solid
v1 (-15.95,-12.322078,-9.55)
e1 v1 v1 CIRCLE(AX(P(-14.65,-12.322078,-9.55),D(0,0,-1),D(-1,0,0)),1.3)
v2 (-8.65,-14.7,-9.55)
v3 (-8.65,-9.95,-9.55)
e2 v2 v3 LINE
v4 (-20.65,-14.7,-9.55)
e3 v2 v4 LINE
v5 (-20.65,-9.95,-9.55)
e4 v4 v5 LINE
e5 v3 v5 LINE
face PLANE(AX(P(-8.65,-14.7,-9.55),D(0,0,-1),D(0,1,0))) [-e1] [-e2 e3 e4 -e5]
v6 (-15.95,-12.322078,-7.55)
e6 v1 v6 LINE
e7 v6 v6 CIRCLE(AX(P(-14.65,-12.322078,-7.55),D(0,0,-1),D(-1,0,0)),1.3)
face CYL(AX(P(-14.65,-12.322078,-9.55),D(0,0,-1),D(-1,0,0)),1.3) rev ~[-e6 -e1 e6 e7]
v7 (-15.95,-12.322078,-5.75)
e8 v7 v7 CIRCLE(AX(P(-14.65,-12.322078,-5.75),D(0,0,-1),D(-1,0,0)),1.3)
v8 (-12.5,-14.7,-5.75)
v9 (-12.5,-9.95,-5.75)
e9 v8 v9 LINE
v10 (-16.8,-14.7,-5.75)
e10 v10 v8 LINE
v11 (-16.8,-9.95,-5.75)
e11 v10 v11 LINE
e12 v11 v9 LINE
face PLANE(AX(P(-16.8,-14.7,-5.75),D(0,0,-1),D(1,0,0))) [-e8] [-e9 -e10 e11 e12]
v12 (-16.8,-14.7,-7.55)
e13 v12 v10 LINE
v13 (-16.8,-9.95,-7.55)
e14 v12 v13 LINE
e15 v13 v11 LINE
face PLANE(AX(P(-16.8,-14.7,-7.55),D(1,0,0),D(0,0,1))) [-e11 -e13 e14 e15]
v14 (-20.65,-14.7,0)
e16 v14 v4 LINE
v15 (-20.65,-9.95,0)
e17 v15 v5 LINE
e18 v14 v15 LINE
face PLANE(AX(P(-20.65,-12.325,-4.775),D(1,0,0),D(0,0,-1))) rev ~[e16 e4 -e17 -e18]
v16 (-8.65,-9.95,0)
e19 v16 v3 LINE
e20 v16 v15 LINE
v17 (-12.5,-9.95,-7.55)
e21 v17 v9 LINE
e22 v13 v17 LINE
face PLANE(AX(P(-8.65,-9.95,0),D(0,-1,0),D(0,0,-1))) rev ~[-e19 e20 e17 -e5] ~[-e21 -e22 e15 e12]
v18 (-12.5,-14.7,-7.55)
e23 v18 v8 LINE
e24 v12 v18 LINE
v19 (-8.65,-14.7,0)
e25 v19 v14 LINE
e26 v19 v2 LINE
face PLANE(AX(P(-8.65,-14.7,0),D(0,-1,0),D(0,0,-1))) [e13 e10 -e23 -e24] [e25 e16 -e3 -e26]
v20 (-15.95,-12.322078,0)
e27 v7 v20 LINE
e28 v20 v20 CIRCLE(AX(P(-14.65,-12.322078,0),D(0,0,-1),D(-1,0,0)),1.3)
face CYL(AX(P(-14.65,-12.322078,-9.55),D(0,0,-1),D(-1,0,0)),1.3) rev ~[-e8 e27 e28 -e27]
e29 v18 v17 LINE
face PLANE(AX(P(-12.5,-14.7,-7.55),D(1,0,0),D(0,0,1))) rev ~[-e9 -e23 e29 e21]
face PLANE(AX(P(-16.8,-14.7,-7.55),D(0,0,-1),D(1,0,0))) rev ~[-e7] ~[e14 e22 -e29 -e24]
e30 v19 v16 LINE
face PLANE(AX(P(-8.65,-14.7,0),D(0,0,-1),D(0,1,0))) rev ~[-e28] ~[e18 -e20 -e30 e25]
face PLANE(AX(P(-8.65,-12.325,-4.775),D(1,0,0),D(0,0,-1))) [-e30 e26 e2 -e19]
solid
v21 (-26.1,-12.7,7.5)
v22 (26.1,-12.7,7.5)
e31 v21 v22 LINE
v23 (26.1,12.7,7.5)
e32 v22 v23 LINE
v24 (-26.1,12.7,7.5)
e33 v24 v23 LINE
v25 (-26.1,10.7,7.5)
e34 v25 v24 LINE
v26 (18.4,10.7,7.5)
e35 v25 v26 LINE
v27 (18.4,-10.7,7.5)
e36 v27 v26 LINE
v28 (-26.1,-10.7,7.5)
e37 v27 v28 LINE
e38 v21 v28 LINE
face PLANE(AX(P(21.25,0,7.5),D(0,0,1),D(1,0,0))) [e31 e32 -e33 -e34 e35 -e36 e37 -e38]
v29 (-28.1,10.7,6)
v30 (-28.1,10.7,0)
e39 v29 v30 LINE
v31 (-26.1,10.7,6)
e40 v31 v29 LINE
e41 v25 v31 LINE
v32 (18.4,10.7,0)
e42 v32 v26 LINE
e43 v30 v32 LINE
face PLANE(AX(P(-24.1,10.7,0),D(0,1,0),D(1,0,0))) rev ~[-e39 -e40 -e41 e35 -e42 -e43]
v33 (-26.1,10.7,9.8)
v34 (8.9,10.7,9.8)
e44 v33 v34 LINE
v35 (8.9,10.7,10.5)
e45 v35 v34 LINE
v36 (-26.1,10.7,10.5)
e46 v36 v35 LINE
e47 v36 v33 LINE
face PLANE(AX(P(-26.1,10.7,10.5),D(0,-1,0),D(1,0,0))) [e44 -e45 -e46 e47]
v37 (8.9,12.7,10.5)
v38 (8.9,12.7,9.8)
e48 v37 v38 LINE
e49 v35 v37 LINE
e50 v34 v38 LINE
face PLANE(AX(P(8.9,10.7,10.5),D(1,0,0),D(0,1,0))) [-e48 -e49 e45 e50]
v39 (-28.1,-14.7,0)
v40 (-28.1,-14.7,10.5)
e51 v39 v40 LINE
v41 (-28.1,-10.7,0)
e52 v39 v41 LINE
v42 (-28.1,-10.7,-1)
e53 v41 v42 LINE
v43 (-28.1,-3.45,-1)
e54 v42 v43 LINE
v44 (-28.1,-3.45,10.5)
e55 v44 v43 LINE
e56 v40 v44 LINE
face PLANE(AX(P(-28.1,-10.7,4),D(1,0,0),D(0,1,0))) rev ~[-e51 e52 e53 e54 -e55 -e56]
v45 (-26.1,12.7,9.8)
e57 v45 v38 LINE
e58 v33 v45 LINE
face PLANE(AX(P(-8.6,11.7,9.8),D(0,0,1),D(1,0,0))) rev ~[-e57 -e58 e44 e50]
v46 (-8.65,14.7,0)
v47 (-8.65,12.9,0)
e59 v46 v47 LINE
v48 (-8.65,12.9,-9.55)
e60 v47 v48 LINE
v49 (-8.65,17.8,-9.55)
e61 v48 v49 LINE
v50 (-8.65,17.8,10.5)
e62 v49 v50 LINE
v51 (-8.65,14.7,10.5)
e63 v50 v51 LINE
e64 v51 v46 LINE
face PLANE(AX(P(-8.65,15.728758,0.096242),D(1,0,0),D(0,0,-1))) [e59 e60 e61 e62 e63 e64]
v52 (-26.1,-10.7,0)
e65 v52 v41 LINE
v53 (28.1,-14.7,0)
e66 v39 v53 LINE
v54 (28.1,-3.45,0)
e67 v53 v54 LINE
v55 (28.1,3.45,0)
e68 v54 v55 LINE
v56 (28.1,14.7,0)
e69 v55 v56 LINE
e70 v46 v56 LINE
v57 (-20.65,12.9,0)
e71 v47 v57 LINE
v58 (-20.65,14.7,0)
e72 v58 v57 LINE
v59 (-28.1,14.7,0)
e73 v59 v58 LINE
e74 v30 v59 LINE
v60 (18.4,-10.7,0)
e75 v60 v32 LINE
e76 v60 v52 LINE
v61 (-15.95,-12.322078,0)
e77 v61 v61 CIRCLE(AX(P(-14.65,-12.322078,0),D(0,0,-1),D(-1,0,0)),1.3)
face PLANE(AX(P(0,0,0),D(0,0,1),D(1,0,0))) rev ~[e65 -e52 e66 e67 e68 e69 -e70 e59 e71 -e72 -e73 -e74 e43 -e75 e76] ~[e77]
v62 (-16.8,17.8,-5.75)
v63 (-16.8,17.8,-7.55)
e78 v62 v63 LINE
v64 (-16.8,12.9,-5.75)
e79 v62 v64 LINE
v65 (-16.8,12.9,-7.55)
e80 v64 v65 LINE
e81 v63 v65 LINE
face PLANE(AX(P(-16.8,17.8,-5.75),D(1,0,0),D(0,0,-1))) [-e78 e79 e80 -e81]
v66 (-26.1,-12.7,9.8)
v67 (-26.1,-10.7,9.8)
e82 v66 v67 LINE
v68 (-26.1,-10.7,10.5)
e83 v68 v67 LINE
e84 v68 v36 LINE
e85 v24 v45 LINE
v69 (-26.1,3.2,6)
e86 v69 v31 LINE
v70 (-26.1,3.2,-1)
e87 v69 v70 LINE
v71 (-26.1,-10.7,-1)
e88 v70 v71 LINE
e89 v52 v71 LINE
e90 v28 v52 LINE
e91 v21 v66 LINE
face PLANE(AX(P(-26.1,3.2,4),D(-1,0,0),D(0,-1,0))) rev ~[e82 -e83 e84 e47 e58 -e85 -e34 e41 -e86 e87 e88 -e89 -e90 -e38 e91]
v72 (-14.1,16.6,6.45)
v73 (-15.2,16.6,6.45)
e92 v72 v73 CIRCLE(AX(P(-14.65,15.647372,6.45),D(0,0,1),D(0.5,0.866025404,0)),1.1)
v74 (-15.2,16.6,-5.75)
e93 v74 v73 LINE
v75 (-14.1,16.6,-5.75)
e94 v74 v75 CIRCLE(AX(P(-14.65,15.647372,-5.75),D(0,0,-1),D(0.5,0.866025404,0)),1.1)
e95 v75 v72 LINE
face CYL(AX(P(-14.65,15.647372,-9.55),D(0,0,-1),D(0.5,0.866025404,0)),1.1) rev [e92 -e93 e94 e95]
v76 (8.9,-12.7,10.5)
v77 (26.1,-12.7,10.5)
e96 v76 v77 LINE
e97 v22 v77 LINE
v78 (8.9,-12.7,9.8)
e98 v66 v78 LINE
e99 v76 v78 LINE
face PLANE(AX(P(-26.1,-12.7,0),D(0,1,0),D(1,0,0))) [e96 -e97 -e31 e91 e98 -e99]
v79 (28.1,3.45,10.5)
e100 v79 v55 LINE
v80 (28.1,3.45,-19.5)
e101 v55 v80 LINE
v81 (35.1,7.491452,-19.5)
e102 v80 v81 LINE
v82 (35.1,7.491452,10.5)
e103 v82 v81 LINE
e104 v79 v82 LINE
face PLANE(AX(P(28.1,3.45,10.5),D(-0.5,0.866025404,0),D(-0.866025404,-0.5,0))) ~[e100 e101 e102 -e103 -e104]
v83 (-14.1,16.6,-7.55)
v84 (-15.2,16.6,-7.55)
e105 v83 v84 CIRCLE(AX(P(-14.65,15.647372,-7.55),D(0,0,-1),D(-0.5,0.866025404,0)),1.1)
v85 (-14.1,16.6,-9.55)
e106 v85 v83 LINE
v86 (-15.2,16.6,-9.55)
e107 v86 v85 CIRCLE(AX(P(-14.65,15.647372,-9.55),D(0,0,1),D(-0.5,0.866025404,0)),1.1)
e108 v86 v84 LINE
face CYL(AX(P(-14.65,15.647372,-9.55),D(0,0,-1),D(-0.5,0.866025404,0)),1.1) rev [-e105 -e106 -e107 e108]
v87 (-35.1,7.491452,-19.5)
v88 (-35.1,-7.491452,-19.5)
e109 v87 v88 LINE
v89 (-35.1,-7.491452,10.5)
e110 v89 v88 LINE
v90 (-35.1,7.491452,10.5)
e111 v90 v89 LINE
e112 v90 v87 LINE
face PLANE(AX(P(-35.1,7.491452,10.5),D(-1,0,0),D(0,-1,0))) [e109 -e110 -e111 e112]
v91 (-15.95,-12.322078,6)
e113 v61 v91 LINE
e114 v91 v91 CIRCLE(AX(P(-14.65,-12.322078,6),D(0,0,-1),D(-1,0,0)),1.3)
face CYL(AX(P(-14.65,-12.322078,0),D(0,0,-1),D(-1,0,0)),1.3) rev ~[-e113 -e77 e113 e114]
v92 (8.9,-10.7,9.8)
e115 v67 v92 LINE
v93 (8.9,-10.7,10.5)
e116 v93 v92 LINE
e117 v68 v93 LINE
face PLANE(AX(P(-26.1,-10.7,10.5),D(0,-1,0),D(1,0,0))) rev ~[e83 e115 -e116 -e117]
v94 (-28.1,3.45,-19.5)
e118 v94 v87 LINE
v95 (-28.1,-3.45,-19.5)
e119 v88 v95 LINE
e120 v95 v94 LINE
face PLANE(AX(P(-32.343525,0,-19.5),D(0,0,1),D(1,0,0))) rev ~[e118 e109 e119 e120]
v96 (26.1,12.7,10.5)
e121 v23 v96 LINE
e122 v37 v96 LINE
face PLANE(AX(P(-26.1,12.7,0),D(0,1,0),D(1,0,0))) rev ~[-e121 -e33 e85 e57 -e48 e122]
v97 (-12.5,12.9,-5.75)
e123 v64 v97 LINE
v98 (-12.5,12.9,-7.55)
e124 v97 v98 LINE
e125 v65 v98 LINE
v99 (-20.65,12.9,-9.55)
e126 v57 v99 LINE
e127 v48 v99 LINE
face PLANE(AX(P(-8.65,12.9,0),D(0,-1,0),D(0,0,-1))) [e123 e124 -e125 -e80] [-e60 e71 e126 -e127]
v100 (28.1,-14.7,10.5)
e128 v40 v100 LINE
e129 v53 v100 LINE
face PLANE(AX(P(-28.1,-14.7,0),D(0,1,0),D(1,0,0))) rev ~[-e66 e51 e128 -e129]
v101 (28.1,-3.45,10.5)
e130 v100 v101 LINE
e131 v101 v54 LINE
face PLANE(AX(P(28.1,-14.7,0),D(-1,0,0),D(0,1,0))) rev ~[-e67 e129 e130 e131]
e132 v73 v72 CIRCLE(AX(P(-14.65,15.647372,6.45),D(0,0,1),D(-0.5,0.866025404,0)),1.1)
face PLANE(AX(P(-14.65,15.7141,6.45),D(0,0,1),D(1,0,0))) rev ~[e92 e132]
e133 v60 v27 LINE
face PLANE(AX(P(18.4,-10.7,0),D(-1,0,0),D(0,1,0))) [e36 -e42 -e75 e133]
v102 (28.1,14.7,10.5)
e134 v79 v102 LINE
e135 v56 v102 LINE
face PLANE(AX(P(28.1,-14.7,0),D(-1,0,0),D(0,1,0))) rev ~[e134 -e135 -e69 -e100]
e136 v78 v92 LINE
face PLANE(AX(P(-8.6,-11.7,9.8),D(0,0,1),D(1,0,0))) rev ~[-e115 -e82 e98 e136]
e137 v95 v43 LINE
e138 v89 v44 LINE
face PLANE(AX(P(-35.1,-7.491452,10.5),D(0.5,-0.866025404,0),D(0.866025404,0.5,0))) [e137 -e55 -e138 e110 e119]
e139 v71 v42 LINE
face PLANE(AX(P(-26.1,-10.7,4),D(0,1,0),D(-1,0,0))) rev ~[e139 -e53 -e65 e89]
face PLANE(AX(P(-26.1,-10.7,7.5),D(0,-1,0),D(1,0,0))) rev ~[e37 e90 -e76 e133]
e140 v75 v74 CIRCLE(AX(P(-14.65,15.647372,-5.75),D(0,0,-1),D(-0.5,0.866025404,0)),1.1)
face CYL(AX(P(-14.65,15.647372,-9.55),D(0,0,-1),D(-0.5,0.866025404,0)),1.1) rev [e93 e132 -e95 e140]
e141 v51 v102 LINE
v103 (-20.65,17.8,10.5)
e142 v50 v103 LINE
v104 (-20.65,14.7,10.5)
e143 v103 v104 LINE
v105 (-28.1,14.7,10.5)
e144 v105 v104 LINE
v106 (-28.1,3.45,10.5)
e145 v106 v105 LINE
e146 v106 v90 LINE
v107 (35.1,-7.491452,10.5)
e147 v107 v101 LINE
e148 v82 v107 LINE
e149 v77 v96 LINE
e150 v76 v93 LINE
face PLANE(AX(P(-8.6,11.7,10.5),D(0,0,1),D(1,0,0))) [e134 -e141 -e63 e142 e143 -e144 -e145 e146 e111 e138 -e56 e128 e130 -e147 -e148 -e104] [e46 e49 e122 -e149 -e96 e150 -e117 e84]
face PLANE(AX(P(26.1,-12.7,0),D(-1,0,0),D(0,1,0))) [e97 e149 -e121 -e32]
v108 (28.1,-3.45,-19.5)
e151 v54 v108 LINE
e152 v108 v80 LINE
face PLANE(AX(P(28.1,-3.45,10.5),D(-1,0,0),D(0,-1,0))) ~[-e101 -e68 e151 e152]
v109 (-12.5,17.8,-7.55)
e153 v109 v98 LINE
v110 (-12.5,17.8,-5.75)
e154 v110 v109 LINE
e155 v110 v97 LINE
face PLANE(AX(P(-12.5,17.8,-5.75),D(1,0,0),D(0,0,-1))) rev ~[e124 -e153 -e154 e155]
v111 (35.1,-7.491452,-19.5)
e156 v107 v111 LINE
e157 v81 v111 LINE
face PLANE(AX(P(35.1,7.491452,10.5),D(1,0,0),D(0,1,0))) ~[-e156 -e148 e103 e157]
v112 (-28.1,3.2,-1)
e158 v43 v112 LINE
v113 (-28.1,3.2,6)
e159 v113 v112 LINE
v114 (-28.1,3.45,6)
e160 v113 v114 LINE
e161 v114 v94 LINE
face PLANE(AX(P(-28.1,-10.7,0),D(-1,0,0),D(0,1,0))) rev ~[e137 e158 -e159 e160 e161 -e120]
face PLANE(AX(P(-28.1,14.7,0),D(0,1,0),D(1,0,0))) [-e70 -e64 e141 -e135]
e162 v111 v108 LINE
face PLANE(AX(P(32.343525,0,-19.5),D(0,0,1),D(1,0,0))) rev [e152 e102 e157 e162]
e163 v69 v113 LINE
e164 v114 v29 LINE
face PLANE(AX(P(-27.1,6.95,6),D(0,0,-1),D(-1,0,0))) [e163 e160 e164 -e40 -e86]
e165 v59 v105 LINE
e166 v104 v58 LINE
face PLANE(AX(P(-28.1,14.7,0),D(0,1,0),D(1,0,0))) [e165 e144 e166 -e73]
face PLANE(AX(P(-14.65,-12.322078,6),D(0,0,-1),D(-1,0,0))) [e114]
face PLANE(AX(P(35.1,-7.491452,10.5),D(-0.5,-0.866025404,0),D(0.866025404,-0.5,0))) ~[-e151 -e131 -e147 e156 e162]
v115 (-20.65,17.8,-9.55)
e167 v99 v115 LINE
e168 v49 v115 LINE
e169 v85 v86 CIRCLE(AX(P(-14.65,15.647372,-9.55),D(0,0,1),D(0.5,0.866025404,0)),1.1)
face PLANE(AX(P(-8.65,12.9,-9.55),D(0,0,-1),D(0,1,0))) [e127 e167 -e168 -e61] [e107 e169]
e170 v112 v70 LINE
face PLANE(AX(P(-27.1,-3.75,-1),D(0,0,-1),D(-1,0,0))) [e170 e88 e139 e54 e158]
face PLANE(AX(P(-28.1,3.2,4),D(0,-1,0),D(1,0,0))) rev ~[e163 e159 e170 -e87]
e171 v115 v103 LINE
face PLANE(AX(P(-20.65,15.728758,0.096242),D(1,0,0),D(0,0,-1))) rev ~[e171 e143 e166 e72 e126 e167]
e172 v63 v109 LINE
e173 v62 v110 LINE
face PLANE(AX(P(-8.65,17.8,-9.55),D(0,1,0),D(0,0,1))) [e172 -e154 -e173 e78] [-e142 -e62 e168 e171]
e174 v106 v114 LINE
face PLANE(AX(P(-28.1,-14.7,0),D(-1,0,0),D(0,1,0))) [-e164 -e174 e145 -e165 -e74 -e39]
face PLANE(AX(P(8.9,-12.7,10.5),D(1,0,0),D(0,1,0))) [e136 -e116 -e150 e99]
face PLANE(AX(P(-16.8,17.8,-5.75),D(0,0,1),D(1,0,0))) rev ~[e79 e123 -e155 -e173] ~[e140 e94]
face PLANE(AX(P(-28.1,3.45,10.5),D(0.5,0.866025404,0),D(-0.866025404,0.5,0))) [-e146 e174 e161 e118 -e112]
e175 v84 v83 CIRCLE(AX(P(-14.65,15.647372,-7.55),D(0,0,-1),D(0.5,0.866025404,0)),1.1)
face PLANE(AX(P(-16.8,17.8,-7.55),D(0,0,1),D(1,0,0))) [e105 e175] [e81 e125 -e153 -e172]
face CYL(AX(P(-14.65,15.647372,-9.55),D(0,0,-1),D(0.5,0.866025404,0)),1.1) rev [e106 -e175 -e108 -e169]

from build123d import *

# Parameters (mm, degrees)
SKETCH1_W                = 52.2
SKETCH1_H                = 25.4
SKETCH1_W_2              = 48.2
SKETCH1_H_2              = 21.4
SKETCH1_W_3              = 5.7
BOSS_EXTRUDE1_DEPTH      = 7.5
BOSS_EXTRUDE2_DEPTH      = 3
BOSS_EXTRUDE2_DEPTH_BACK = 7.5
SKETCH2_W                = 56.2
SKETCH2_H                = 29.4
SKETCH2_W_2              = 52.2
SKETCH2_H_2              = 25.4
BOSS_EXTRUDE5_DEPTH      = 30
BOSS_EXTRUDE12_DEPTH     = 12
CUT_EXTRUDE2_DEPTH       = 16
CUT_EXTRUDE3_REACH       = 53.658
SKETCH12_W               = 4.3
SKETCH12_H               = 1.8
SKETCH13_W               = 9.55
SKETCH13_H               = 4.75
BOSS_EXTRUDE14_DEPTH     = 12
SKETCH14_R               = 1.3
CUT_EXTRUDE4_DEPTH       = 16
SKETCH15_W               = 4.3
SKETCH15_H               = 1.8
CUT_EXTRUDE5_DEPTH       = 10
SKETCH16_W               = 4
SKETCH16_H               = 21.4
CUT_EXTRUDE6_DEPTH       = 4
SKETCH17_W               = 35
SKETCH17_H               = 2
BOSS_EXTRUDE15_DEPTH     = 0.7
SKETCH18_R               = 1.3
CUT_EXTRUDE7_DEPTH       = 6
SKETCH19_W               = 2
SKETCH19_H               = 21.4
CUT_EXTRUDE8_DEPTH       = 14
SKETCH20_W               = 2
SKETCH20_H               = 7.5
CUT_EXTRUDE9_DEPTH       = 2
BOSS_EXTRUDE16_DEPTH     = 5


with BuildPart() as part:
    # Sketch1 → Boss-Extrude1 (new body)
    # profile 1 of 2: a face of its own
    with BuildSketch(Plane.XY):
        Rectangle(SKETCH1_W, SKETCH1_H)
        Rectangle(SKETCH1_W_2, SKETCH1_H_2, mode=Mode.SUBTRACT)
    # profile 2 of 2: a face of its own
    with BuildSketch(Plane.XY):
        with Locations((21.25, 0)):
            Rectangle(SKETCH1_W_3, SKETCH1_H_2)
    extrude(amount=BOSS_EXTRUDE1_DEPTH)

    # Sketch2 → Boss-Extrude2 (add, two sides: drawn at the far end of the back side and taken through both)
    with BuildSketch(Plane.XY.offset(7.5).offset(-BOSS_EXTRUDE2_DEPTH_BACK)):
        Rectangle(SKETCH2_W, SKETCH2_H)
        Rectangle(SKETCH2_W_2, SKETCH2_H_2, mode=Mode.SUBTRACT)
    extrude(amount=BOSS_EXTRUDE2_DEPTH + BOSS_EXTRUDE2_DEPTH_BACK)

    # Sketch6 → Boss-Extrude5 (add)
    with BuildSketch(Plane.XY.offset(10.5)):
        Polygon((-28.1, 3.45), (-35.1, 7.491451884), (-35.1, -7.491451884), (-28.1, -3.45), align=None)
    boss_extrude5 = extrude(amount=-BOSS_EXTRUDE5_DEPTH)

    # Mirror1: Boss-Extrude5 across plane
    add(boss_extrude5.mirror(Plane(origin=(0, 0, 0), x_dir=(0, 0, 1), z_dir=(1, 0, 0))))

    # Sketch10 → Boss-Extrude12 (add)
    with BuildSketch(Plane(origin=(-8.65, 0, 0), x_dir=(0, 0, -1), z_dir=(1, 0, 0))):
        Polygon((9.55, 12.9), (9.55, 17.8), (-10.5, 17.8), (-10.5, 14.7), (0, 14.7), (0, 12.9), align=None)
    extrude(amount=-BOSS_EXTRUDE12_DEPTH)

    # Sketch11 → Cut-Extrude2 (cut)
    with BuildSketch(Plane(origin=(0, 0, -9.55), x_dir=(-1, 0, 0), z_dir=(0, 0, -1))):
        with BuildLine():
            ThreePointArc((14.1, 16.6), (14.65, 16.747372056), (15.2, 16.6))
            ThreePointArc((15.2, 16.6), (14.65, 14.547372056), (14.1, 16.6))
        make_face()
    extrude(amount=-CUT_EXTRUDE2_DEPTH, mode=Mode.SUBTRACT)

    # Sketch12 → Cut-Extrude3 (cut, up to next)
    with BuildSketch(Plane(origin=(0, 17.8, 0), x_dir=(1, 0, 0), z_dir=(0, 1, 0)), mode=Mode.PRIVATE) as cut_extrude3_sk1:
        with Locations((-14.65, 6.65)):
            Rectangle(SKETCH12_W, SKETCH12_H)
    cut_extrude3_tool1 = extrude(cut_extrude3_sk1.sketch, amount=-CUT_EXTRUDE3_REACH, mode=Mode.PRIVATE) & part.part
    add(cut_extrude3_tool1.solids().sort_by_distance((-14.65, 17.8, -6.65))[0], mode=Mode.SUBTRACT)

    # Sketch16 → Cut-Extrude6 (cut)
    with BuildSketch(Plane(origin=(0, 0, 0), x_dir=(-1, 0, 0), z_dir=(0, 0, -1))):
        with Locations((26.1, 0)):
            Rectangle(SKETCH16_W, SKETCH16_H)
    extrude(amount=-CUT_EXTRUDE6_DEPTH, mode=Mode.SUBTRACT)

    # Sketch17 → Boss-Extrude15 (add)
    with BuildSketch(Plane.XY.offset(10.5)):
        with Locations((-8.6, 11.7)):
            Rectangle(SKETCH17_W, SKETCH17_H)
        with Locations((-8.6, -11.7)):
            Rectangle(SKETCH17_W, SKETCH17_H)
    extrude(amount=-BOSS_EXTRUDE15_DEPTH)

    # Sketch18 → Cut-Extrude7 (cut)
    with BuildSketch(Plane(origin=(0, 0, 0), x_dir=(-1, 0, 0), z_dir=(0, 0, -1))):
        with Locations((14.65, -12.322078101)):
            Circle(SKETCH18_R)
    extrude(amount=-CUT_EXTRUDE7_DEPTH, mode=Mode.SUBTRACT)

    # Sketch19 → Cut-Extrude8 (cut)
    with BuildSketch(Plane.XY.offset(7.5)):
        with Locations((-25.1, 0)):
            Rectangle(SKETCH19_W, SKETCH19_H)
    extrude(amount=-CUT_EXTRUDE8_DEPTH, mode=Mode.SUBTRACT)

    # Sketch20 → Cut-Extrude9 (cut)
    with BuildSketch(Plane(origin=(0, 0, 4), x_dir=(-1, 0, 0), z_dir=(0, 0, -1))):
        with Locations((27.1, 6.95)):
            Rectangle(SKETCH20_W, SKETCH20_H)
    extrude(amount=-CUT_EXTRUDE9_DEPTH, mode=Mode.SUBTRACT)

    # Sketch21 → Boss-Extrude16 (add)
    with BuildSketch(Plane(origin=(0, 0, 4), x_dir=(-1, 0, 0), z_dir=(0, 0, -1))):
        Polygon((28.1, -10.7), (28.1, -3.45), (28.1, 3.2), (26.1, 3.2), (26.1, -10.7), align=None)
    extrude(amount=BOSS_EXTRUDE16_DEPTH)


with BuildPart() as body_2:
    # Sketch13 → Boss-Extrude14 (new body)
    with BuildSketch(Plane(origin=(-8.65, 0, 0), x_dir=(0, 0, -1), z_dir=(1, 0, 0))):
        with Locations((4.775, -12.325)):
            Rectangle(SKETCH13_W, SKETCH13_H)
    extrude(amount=-BOSS_EXTRUDE14_DEPTH)

    # Sketch14 → Cut-Extrude4 (cut)
    with BuildSketch(Plane(origin=(0, 0, -9.55), x_dir=(-1, 0, 0), z_dir=(0, 0, -1))):
        with Locations((14.65, -12.322078101)):
            Circle(SKETCH14_R)
    extrude(amount=-CUT_EXTRUDE4_DEPTH, mode=Mode.SUBTRACT)

    # Sketch15 → Cut-Extrude5 (cut)
    with BuildSketch(Plane.XZ.offset(14.7)):
        with Locations((-14.65, -6.65)):
            Rectangle(SKETCH15_W, SKETCH15_H)
    extrude(amount=-CUT_EXTRUDE5_DEPTH, mode=Mode.SUBTRACT)


solid = Compound([part.part, body_2.part])
